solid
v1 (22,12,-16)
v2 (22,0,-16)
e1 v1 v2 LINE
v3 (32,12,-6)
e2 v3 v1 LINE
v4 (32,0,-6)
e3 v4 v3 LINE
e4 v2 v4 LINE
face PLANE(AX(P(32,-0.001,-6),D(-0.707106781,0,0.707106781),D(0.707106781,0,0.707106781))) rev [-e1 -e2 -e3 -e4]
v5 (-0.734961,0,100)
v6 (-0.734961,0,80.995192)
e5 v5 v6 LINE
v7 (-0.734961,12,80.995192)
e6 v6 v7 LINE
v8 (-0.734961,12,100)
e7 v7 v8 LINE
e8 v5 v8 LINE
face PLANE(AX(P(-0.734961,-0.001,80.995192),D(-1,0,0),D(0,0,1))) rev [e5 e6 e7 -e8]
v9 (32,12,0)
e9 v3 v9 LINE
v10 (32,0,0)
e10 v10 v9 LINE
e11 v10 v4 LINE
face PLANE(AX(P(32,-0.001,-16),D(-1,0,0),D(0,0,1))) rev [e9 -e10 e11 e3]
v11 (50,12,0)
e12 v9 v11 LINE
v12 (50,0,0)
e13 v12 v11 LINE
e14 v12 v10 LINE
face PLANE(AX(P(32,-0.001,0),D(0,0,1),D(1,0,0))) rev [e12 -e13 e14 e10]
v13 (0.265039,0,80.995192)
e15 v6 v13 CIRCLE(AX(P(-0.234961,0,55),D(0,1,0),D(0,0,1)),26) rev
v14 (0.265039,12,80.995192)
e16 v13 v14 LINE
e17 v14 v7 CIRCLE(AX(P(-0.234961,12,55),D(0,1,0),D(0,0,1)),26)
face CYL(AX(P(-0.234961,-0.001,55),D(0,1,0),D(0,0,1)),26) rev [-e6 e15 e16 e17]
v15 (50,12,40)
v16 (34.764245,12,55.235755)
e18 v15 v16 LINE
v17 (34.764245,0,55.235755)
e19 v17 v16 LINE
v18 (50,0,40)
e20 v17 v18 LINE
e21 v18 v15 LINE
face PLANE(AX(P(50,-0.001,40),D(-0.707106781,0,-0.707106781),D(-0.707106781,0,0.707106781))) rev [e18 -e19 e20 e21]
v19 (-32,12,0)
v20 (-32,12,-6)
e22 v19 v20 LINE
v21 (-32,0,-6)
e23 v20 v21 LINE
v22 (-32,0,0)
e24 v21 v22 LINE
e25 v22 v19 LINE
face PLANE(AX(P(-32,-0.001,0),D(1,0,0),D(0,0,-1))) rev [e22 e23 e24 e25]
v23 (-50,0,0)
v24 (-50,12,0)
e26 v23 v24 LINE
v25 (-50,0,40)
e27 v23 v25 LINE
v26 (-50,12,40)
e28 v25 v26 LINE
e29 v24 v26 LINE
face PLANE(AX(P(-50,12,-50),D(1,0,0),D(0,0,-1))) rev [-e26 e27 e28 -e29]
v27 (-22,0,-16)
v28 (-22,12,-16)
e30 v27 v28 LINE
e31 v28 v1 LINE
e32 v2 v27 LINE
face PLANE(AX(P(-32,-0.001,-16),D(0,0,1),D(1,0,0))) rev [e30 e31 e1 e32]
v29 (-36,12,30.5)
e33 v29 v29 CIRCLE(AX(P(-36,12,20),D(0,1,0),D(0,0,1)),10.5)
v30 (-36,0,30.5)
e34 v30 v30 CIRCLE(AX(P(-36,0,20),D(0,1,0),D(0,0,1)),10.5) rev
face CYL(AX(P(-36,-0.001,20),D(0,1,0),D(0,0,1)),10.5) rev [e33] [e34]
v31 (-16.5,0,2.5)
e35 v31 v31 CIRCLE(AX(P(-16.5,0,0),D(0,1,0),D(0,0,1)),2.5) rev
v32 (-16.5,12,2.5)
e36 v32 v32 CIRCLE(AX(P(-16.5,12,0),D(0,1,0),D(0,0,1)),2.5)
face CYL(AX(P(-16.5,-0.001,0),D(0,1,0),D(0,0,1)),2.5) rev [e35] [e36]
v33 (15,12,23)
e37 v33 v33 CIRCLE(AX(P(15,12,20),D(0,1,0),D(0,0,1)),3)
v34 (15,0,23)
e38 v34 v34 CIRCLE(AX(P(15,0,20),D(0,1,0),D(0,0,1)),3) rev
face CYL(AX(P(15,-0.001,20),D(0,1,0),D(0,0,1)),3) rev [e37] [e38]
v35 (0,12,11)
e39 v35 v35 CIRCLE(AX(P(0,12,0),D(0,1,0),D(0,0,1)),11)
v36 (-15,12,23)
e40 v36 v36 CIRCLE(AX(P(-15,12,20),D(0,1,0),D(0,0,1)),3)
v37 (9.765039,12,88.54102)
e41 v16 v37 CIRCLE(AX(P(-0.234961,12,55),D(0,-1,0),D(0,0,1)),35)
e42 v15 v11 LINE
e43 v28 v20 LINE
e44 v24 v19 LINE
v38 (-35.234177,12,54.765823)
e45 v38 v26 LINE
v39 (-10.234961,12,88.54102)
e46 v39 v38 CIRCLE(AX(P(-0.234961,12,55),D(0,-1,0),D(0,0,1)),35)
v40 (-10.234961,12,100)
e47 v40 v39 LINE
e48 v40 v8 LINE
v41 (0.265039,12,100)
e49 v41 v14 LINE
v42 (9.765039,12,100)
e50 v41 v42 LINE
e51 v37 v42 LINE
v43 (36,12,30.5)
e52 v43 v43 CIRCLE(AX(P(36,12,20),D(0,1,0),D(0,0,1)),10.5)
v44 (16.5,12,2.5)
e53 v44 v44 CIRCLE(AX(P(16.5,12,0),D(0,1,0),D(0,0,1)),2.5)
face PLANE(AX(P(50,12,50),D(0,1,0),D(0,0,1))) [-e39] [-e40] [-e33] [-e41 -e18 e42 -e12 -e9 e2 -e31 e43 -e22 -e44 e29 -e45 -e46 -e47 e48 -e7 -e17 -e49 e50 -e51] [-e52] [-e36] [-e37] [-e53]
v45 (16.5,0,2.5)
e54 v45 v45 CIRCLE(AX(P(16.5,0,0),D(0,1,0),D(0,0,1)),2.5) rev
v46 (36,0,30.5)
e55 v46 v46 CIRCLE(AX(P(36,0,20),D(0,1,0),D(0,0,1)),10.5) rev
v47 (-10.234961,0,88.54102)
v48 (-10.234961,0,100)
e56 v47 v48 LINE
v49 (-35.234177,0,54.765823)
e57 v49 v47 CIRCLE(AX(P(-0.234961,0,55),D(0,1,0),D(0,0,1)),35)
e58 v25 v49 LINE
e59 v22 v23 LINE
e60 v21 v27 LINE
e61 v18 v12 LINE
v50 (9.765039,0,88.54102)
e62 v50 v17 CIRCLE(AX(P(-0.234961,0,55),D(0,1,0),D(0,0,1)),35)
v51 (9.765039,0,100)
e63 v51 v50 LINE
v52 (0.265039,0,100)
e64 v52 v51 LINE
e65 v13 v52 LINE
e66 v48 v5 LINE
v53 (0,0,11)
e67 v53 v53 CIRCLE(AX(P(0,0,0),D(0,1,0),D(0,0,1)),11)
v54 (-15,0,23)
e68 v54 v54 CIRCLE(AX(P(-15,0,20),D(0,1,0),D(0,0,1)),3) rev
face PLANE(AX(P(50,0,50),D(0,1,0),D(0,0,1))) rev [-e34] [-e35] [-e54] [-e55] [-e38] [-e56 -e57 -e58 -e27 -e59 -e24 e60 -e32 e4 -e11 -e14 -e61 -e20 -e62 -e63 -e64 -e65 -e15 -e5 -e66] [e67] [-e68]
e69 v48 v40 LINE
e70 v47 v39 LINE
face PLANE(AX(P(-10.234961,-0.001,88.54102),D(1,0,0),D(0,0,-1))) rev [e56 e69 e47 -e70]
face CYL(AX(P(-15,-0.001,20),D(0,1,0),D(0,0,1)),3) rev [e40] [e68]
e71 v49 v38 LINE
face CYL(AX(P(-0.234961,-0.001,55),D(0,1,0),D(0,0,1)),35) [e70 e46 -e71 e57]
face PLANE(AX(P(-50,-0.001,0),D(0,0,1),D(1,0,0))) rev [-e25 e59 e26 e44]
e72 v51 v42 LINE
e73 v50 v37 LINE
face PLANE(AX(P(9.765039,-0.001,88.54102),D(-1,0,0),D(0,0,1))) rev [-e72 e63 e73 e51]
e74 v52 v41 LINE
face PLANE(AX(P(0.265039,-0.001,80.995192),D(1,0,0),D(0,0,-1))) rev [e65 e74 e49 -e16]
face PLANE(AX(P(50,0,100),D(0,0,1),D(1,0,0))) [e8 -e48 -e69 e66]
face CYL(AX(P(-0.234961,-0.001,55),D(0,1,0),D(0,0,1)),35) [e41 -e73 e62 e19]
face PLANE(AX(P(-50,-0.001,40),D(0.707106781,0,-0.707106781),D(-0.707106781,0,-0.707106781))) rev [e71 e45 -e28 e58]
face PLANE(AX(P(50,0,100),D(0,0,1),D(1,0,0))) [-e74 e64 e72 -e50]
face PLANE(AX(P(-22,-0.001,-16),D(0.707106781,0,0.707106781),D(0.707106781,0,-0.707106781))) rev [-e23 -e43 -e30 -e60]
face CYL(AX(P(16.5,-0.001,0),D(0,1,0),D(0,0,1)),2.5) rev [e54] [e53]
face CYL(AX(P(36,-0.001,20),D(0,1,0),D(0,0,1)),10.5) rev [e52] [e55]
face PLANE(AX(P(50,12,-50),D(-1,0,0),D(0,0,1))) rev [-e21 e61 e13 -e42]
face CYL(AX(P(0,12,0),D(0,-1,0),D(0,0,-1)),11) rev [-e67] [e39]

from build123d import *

# Parameters (mm, degrees)
SKETCH1_W           = 100
SKETCH1_H           = 100
SKETCH1_R           = 11
BOSS_EXTRUDE1_DEPTH = 12
SKETCH9_W           = 100
SKETCH9_H           = 50
BOSS_EXTRUDE3_DEPTH = 12
CUT_EXTRUDE3_REACH  = 114.446
SKETCH4_R           = 10.5
CUT_EXTRUDE4_REACH  = 114.446
CUT_EXTRUDE5_REACH  = 114.446
SKETCH6_R           = 26
CUT_EXTRUDE6_REACH  = 114.446
CUT_EXTRUDE7_REACH  = 114.446
SKETCH11_R          = 2.5
CHAMFER1_SIZE       = 10
CUT_EXTRUDE8_REACH  = 114.446
SKETCH12_R          = 3


with BuildPart() as part:
    # Sketch1 → Boss-Extrude1 (new body)
    with BuildSketch(Plane(origin=(0, 0, 0), x_dir=(1, 0, 0), z_dir=(0, 1, 0))):
        Rectangle(SKETCH1_W, SKETCH1_H)
        with Locations(Location((0, 0, 0), (0, 0, 270))):
            Circle(SKETCH1_R, mode=Mode.SUBTRACT)
    extrude(amount=BOSS_EXTRUDE1_DEPTH)

    # Sketch9 → Boss-Extrude3 (add)
    with BuildSketch(Plane(origin=(0, 12, 0), x_dir=(1, 0, 0), z_dir=(0, 1, 0))):
        with Locations((0, -75)):
            Rectangle(SKETCH9_W, SKETCH9_H)
    extrude(amount=-BOSS_EXTRUDE3_DEPTH)

    # Sketch4 → Cut-Extrude3 (cut, up to next)
    with BuildSketch(Plane(origin=(0, 12, 0), x_dir=(1, 0, 0), z_dir=(0, 1, 0)), mode=Mode.PRIVATE) as cut_extrude3_sk1:
        with Locations(Location((-36, -20, 0), (0, 0, 270))):
            Circle(SKETCH4_R)
    cut_extrude3_tool1 = extrude(cut_extrude3_sk1.sketch, amount=-CUT_EXTRUDE3_REACH, mode=Mode.PRIVATE) & part.part
    # Sketch4 → Cut-Extrude3 (cut, up to next)
    with BuildSketch(Plane(origin=(0, 12, 0), x_dir=(1, 0, 0), z_dir=(0, 1, 0)), mode=Mode.PRIVATE) as cut_extrude3_sk2:
        with Locations(Location((36, -20, 0), (0, 0, 270))):
            Circle(SKETCH4_R)
    cut_extrude3_tool2 = extrude(cut_extrude3_sk2.sketch, amount=-CUT_EXTRUDE3_REACH, mode=Mode.PRIVATE) & part.part
    add(cut_extrude3_tool1.solids().sort_by_distance((-36, 12, 20))[0], mode=Mode.SUBTRACT)
    add(cut_extrude3_tool2.solids().sort_by_distance((36, 12, 20))[0], mode=Mode.SUBTRACT)

    # Sketch5 → Cut-Extrude4 (cut, up to next)
    with BuildSketch(Plane(origin=(0, 12, 0), x_dir=(1, 0, 0), z_dir=(0, 1, 0)), mode=Mode.PRIVATE) as cut_extrude4_sk1:
        Polygon((-50, 0), (-32, 0), (-32, 16), (32, 16), (32, 0), (50, 0), (50, 50), (-50, 50), align=None)
    cut_extrude4_tool1 = extrude(cut_extrude4_sk1.sketch, amount=-CUT_EXTRUDE4_REACH, mode=Mode.PRIVATE) & part.part
    add(cut_extrude4_tool1.solids().sort_by_distance((0, 12, -29.37827))[0], mode=Mode.SUBTRACT)

    # Sketch6 → Cut-Extrude5 (cut, up to next)
    with BuildSketch(Plane(origin=(0, 12, 0), x_dir=(1, 0, 0), z_dir=(0, 1, 0)), mode=Mode.PRIVATE) as cut_extrude5_sk1:
        with Locations(Location((-0.234960822, -55, 0), (0, 0, 270))):
            Circle(SKETCH6_R)
    cut_extrude5_tool1 = extrude(cut_extrude5_sk1.sketch, amount=-CUT_EXTRUDE5_REACH, mode=Mode.PRIVATE) & part.part
    add(cut_extrude5_tool1.solids().sort_by_distance((-0.234961, 12, 55))[0], mode=Mode.SUBTRACT)

    # Sketch10 → Cut-Extrude6 (cut, up to next)
    with BuildSketch(Plane(origin=(0, 12, 0), x_dir=(1, 0, 0), z_dir=(0, 1, 0)), mode=Mode.PRIVATE) as cut_extrude6_sk1:
        with BuildLine():
            Line((-10.234960822, -88.541019662), (-10.234960822, -100))
            Line((-10.234960822, -100), (-50, -100))
            Line((-50, -100), (-50, -40))
            Line((-50, -40), (-35.234177398, -54.765822602))
            ThreePointArc((-35.234177398, -54.765822602), (-28.367208461, -75.822503278), (-10.234960822, -88.541019662))
        make_face()
    cut_extrude6_tool1 = extrude(cut_extrude6_sk1.sketch, amount=-CUT_EXTRUDE6_REACH, mode=Mode.PRIVATE) & part.part
    # Sketch10 → Cut-Extrude6 (cut, up to next)
    with BuildSketch(Plane(origin=(0, 12, 0), x_dir=(1, 0, 0), z_dir=(0, 1, 0)), mode=Mode.PRIVATE) as cut_extrude6_sk2:
        with BuildLine():
            Line((9.765039178, -88.541019662), (9.765039178, -100))
            Line((9.765039178, -100), (50, -100))
            Line((50, -100), (50, -40))
            Line((50, -40), (34.764245164, -55.235754836))
            ThreePointArc((34.764245164, -55.235754836), (27.756864791, -76.010894766), (9.765039178, -88.541019662))
        make_face()
    cut_extrude6_tool2 = extrude(cut_extrude6_sk2.sketch, amount=-CUT_EXTRUDE6_REACH, mode=Mode.PRIVATE) & part.part
    # Sketch10 → Cut-Extrude6 (cut, up to next)
    with BuildSketch(Plane(origin=(0, 12, 0), x_dir=(1, 0, 0), z_dir=(0, 1, 0)), mode=Mode.PRIVATE) as cut_extrude6_sk3:
        with BuildLine():
            Line((-0.734960822, -80.995191863), (-0.734960822, -100))
            Line((-0.734960822, -100), (0.265039178, -100))
            Line((0.265039178, -100), (0.265039178, -80.995191863))
            ThreePointArc((0.265039178, -80.995191863), (-0.234960822, -81), (-0.734960822, -80.995191863))
        make_face()
    cut_extrude6_tool3 = extrude(cut_extrude6_sk3.sketch, amount=-CUT_EXTRUDE6_REACH, mode=Mode.PRIVATE) & part.part
    add(cut_extrude6_tool1.solids().sort_by_distance((-35.978986, 12, 79.410224))[0], mode=Mode.SUBTRACT)
    add(cut_extrude6_tool2.solids().sort_by_distance((35.780347, 12, 79.379296))[0], mode=Mode.SUBTRACT)
    add(cut_extrude6_tool3.solids().sort_by_distance((-0.234961, 12, 90.499199))[0], mode=Mode.SUBTRACT)

    # Sketch11 → Cut-Extrude7 (cut, up to next)
    with BuildSketch(Plane(origin=(0, 12, 0), x_dir=(1, 0, 0), z_dir=(0, 1, 0)), mode=Mode.PRIVATE) as cut_extrude7_sk1:
        with Locations(Location((-16.5, 0, 0), (0, 0, 270))):
            Circle(SKETCH11_R)
    cut_extrude7_tool1 = extrude(cut_extrude7_sk1.sketch, amount=-CUT_EXTRUDE7_REACH, mode=Mode.PRIVATE) & part.part
    # Sketch11 → Cut-Extrude7 (cut, up to next)
    with BuildSketch(Plane(origin=(0, 12, 0), x_dir=(1, 0, 0), z_dir=(0, 1, 0)), mode=Mode.PRIVATE) as cut_extrude7_sk2:
        with Locations(Location((16.5, 0, 0), (0, 0, 270))):
            Circle(SKETCH11_R)
    cut_extrude7_tool2 = extrude(cut_extrude7_sk2.sketch, amount=-CUT_EXTRUDE7_REACH, mode=Mode.PRIVATE) & part.part
    add(cut_extrude7_tool1.solids().sort_by_distance((-16.5, 12, 0))[0], mode=Mode.SUBTRACT)
    add(cut_extrude7_tool2.solids().sort_by_distance((16.5, 12, 0))[0], mode=Mode.SUBTRACT)

    # Chamfer1
    chamfer1_edges = [part.edges().sort_by_distance(p)[0] for p in [
        (32, 6, -16),
        (-32, 6, -16),
    ]]
    chamfer(chamfer1_edges, length=CHAMFER1_SIZE)

    # Sketch12 → Cut-Extrude8 (cut, up to next)
    with BuildSketch(Plane(origin=(0, 12, 0), x_dir=(1, 0, 0), z_dir=(0, 1, 0)), mode=Mode.PRIVATE) as cut_extrude8_sk1:
        with Locations(Location((15, -20, 0), (0, 0, 270))):
            Circle(SKETCH12_R)
    cut_extrude8_tool1 = extrude(cut_extrude8_sk1.sketch, amount=-CUT_EXTRUDE8_REACH, mode=Mode.PRIVATE) & part.part
    # Sketch12 → Cut-Extrude8 (cut, up to next)
    with BuildSketch(Plane(origin=(0, 12, 0), x_dir=(1, 0, 0), z_dir=(0, 1, 0)), mode=Mode.PRIVATE) as cut_extrude8_sk2:
        with Locations(Location((-15, -20, 0), (0, 0, 270))):
            Circle(SKETCH12_R)
    cut_extrude8_tool2 = extrude(cut_extrude8_sk2.sketch, amount=-CUT_EXTRUDE8_REACH, mode=Mode.PRIVATE) & part.part
    add(cut_extrude8_tool1.solids().sort_by_distance((15, 12, 20))[0], mode=Mode.SUBTRACT)
    add(cut_extrude8_tool2.solids().sort_by_distance((-15, 12, 20))[0], mode=Mode.SUBTRACT)


solid = part.part
